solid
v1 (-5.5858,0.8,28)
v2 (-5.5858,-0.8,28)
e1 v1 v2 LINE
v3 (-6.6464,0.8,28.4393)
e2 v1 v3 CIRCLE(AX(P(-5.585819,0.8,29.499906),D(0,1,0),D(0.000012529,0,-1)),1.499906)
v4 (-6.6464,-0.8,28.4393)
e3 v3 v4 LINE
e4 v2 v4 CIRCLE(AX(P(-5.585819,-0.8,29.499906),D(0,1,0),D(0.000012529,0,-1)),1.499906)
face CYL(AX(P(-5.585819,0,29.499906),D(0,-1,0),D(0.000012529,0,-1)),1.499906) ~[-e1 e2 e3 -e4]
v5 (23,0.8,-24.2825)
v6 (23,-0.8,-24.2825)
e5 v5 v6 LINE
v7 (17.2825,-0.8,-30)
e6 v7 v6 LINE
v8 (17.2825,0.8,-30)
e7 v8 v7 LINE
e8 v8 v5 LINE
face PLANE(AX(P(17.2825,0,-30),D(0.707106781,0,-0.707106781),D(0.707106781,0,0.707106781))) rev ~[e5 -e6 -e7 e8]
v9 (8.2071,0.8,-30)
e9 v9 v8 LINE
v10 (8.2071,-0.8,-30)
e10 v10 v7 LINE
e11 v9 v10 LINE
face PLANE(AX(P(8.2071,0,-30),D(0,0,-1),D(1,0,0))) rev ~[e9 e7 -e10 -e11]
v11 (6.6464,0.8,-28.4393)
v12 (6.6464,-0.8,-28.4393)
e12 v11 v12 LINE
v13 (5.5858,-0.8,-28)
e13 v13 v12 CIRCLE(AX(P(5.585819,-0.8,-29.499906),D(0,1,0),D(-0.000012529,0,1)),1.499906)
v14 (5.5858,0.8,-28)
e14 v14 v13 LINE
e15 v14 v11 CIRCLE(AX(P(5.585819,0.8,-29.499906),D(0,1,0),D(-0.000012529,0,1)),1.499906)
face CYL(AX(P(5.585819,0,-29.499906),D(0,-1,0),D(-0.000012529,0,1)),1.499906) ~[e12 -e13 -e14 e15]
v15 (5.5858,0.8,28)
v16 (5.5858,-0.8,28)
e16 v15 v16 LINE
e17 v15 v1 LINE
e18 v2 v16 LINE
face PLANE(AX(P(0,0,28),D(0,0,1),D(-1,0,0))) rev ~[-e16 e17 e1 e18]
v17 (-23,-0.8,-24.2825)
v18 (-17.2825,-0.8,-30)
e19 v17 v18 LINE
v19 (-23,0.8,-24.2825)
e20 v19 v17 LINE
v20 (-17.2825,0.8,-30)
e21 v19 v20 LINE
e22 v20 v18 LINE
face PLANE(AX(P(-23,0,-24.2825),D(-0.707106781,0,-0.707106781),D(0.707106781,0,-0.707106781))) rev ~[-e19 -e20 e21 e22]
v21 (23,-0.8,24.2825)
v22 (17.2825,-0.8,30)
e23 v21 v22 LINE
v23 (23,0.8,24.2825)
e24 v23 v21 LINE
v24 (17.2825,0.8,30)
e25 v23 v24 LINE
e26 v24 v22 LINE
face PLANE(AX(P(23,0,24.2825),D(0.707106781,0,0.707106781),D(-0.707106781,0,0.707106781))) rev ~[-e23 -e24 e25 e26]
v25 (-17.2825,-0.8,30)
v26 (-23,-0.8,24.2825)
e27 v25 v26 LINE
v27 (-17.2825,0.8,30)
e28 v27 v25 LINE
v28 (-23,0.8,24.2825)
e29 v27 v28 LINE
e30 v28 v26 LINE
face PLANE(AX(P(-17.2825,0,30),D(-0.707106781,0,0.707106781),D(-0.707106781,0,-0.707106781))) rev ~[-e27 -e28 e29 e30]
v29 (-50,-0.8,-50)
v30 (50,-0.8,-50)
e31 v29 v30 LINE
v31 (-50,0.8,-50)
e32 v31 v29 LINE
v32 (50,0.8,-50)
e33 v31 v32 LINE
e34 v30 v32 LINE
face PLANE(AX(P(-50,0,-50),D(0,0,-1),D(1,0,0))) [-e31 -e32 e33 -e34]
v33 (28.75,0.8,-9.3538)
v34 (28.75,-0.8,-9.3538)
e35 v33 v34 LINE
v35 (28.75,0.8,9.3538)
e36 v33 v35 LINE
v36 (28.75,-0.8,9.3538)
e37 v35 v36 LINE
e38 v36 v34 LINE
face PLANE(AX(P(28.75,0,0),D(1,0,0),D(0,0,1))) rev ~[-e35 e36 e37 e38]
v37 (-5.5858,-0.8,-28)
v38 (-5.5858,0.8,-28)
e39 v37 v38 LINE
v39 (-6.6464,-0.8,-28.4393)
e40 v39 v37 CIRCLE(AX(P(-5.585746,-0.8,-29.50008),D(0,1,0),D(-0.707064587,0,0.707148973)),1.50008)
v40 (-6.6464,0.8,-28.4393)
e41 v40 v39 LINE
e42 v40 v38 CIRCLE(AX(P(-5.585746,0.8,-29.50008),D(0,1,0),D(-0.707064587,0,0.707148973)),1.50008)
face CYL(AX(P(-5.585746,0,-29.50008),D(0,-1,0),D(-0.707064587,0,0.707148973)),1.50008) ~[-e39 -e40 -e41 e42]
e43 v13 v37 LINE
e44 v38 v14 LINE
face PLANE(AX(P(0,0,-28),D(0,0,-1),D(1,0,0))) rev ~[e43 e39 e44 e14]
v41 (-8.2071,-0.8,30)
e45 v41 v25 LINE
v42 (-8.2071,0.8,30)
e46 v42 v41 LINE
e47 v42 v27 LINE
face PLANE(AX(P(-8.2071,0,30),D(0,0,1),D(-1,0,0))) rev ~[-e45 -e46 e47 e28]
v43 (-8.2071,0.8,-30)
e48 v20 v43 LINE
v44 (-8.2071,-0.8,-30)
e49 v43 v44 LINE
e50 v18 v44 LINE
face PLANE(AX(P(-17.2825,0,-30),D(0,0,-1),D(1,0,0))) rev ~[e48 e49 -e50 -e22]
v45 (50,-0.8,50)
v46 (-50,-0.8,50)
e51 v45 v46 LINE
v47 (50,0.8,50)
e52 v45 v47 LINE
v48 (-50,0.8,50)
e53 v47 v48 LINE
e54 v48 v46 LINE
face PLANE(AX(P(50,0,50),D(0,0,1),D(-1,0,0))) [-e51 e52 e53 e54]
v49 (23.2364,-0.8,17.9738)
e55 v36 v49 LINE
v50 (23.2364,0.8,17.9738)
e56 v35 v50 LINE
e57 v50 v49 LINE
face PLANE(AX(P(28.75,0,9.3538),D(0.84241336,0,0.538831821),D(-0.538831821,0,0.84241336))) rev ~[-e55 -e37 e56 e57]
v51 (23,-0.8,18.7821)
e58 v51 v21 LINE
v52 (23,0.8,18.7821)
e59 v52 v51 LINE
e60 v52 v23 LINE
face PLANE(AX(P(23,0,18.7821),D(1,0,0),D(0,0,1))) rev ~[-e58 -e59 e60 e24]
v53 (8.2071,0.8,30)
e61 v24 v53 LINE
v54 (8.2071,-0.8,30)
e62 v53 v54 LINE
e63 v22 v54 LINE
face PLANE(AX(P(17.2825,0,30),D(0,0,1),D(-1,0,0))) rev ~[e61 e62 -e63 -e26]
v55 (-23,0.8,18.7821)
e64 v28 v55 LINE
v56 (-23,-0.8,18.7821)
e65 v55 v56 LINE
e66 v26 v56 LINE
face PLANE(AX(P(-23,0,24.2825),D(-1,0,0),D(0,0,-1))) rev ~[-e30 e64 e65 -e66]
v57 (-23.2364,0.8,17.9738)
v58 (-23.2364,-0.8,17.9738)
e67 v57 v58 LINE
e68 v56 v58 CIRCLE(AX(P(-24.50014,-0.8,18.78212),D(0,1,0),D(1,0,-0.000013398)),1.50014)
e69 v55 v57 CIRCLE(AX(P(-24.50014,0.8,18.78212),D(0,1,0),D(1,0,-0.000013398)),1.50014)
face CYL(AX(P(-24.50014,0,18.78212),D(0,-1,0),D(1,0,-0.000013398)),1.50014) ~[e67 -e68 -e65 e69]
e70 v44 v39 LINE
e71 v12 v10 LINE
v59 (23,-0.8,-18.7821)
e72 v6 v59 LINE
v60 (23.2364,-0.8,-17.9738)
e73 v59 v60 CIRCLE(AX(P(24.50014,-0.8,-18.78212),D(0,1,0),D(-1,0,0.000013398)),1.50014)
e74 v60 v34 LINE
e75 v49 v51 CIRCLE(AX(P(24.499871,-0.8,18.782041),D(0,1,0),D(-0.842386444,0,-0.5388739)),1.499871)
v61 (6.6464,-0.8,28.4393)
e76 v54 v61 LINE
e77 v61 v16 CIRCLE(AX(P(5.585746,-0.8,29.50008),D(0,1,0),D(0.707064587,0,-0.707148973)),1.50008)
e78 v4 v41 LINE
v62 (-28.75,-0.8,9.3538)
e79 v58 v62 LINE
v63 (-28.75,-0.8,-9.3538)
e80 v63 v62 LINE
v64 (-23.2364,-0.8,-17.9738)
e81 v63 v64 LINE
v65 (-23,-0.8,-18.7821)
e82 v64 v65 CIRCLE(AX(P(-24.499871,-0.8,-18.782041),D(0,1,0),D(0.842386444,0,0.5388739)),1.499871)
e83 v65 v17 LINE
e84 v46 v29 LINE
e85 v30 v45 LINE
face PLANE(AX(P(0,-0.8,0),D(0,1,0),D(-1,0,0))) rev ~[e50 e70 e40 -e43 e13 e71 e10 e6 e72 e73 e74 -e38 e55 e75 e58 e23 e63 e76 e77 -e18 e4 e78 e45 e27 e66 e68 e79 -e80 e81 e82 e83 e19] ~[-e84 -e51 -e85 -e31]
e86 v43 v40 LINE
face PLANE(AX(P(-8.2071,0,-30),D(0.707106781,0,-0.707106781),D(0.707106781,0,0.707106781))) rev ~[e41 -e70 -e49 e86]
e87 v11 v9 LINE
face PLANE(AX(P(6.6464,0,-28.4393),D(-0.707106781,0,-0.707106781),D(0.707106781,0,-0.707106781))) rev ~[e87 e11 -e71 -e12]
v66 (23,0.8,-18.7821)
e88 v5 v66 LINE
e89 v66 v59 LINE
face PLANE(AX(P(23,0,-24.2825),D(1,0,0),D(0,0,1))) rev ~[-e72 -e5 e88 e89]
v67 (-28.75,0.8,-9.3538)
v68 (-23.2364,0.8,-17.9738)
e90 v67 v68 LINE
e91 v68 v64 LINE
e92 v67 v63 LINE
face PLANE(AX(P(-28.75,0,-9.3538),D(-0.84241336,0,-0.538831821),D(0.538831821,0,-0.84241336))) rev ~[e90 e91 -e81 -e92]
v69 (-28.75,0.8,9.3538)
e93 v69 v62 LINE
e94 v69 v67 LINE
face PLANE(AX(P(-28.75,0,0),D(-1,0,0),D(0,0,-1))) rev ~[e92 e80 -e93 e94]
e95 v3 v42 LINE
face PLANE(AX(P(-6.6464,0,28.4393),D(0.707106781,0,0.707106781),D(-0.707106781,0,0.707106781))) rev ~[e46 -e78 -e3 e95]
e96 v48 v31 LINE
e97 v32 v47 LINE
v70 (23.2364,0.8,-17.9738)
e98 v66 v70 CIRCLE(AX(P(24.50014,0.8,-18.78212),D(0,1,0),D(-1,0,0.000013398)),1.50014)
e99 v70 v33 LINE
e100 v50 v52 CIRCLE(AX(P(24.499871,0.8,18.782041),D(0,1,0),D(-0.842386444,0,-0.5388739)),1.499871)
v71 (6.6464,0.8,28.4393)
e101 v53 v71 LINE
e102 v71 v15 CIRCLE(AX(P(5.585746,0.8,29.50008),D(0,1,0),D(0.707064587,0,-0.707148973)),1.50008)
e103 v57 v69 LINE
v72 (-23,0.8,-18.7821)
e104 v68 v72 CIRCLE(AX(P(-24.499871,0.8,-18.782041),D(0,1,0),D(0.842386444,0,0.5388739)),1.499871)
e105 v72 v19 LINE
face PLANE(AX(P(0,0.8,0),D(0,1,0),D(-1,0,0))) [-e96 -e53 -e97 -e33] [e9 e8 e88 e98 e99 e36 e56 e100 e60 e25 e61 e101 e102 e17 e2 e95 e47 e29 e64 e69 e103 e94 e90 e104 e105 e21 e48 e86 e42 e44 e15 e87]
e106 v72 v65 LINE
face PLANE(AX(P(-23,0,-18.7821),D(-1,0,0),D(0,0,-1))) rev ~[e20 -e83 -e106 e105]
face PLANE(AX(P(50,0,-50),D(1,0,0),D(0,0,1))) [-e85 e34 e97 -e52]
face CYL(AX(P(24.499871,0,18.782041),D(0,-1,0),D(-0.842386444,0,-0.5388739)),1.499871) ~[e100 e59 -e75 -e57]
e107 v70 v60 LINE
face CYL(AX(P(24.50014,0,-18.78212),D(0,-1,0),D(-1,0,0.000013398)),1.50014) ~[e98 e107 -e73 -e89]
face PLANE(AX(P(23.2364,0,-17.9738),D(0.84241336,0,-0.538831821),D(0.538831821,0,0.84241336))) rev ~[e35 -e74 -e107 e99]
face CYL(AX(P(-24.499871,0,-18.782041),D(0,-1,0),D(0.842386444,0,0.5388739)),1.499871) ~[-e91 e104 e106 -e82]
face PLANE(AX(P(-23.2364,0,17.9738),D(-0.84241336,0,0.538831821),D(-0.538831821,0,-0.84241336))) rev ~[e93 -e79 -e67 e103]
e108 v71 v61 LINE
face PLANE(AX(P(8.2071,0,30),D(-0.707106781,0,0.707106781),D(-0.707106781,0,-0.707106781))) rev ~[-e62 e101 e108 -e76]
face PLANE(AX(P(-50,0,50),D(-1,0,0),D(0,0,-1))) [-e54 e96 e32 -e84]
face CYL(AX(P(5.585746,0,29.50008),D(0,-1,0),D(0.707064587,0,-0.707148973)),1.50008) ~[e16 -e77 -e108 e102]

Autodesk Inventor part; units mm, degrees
ref_plane "YZ Plane" through (0, 0, 0) normal (1, 0, 0) x (0, 1, 0)
ref_plane "XZ Plane" through (0, 0, 0) normal (0, 1, 0) x (-1, 0, 0)
ref_plane "XY Plane" through (0, 0, 0) normal (0, 0, 1) x (1, 0, 0)
sketch "Sketch1" plane through (0, 0, 0) normal (0, 1, 0) x (-1, 0, 0)
  line L0 (0, 0) -> (0, 28.5) construction
  line L1 (0, 28.5) -> (5.5858, 28.5) construction
  line L2 (6.2929, 28.7929) -> (7.7071, 30.2071) construction
  line L3 (8.4142, 30.5) -> (17.0754, 30.5) construction
  line L4 (17.7825, 30.2071) -> (23.2071, 24.7825) construction
  line L5 (23.5, 24.0754) -> (23.5, 18.7821) construction
  line L6 (23.6576, 18.2432) -> (29.0924, 9.7464) construction
  line L7 (29.25, 9.2075) -> (29.25, 0) construction
  line L8 (29.25, 0) -> (0, 0) construction
  arc A0 (29.25, 9.2075) -> (29.0924, 9.7464) centre (28.25, 9.2075) ccw construction
  arc A1 (23.5, 18.7821) -> (23.6576, 18.2432) centre (24.5, 18.7821) ccw construction
  arc A2 (23.5, 24.0754) -> (23.2071, 24.7825) centre (22.5, 24.0754) ccw construction
  arc A3 (17.7825, 30.2071) -> (17.0754, 30.5) centre (17.0754, 29.5) ccw construction
  arc A4 (8.4142, 30.5) -> (7.7071, 30.2071) centre (8.4142, 29.5) ccw construction
  arc A5 (5.5858, 28.5) -> (6.2929, 28.7929) centre (5.5858, 29.5) ccw construction
  line L9 (0, 28.5) -> (-5.5858, 28.5) construction
  line L10 (-6.2929, 28.7929) -> (-7.7071, 30.2071) construction
  line L11 (-8.4142, 30.5) -> (-17.0754, 30.5) construction
  line L12 (-17.7825, 30.2071) -> (-23.2071, 24.7825) construction
  line L13 (-23.5, 24.0754) -> (-23.5, 18.7821) construction
  line L14 (-23.6576, 18.2432) -> (-29.0924, 9.7464) construction
  line L15 (-29.25, 9.2075) -> (-29.25, 0) construction
  arc A6 (-29.0924, 9.7464) -> (-29.25, 9.2075) centre (-28.25, 9.2075) ccw construction
  arc A7 (-23.6576, 18.2432) -> (-23.5, 18.7821) centre (-24.5, 18.7821) ccw construction
  arc A8 (-23.2071, 24.7825) -> (-23.5, 24.0754) centre (-22.5, 24.0754) ccw construction
  arc A9 (-17.0754, 30.5) -> (-17.7825, 30.2071) centre (-17.0754, 29.5) ccw construction
  arc A10 (-7.7071, 30.2071) -> (-8.4142, 30.5) centre (-8.4142, 29.5) ccw construction
  arc A11 (-6.2929, 28.7929) -> (-5.5858, 28.5) centre (-5.5858, 29.5) ccw construction
  line L16 (0, -28.5) -> (5.5858, -28.5) construction
  line L17 (6.2929, -28.7929) -> (7.7071, -30.2071) construction
  line L18 (8.4142, -30.5) -> (17.0754, -30.5) construction
  line L19 (17.7825, -30.2071) -> (23.2071, -24.7825) construction
  line L20 (23.5, -24.0754) -> (23.5, -18.7821) construction
  line L21 (23.6576, -18.2432) -> (29.0924, -9.7464) construction
  line L22 (29.25, -9.2075) -> (29.25, 0) construction
  arc A12 (29.0924, -9.7464) -> (29.25, -9.2075) centre (28.25, -9.2075) ccw construction
  arc A13 (23.6576, -18.2432) -> (23.5, -18.7821) centre (24.5, -18.7821) ccw construction
  arc A14 (23.2071, -24.7825) -> (23.5, -24.0754) centre (22.5, -24.0754) ccw construction
  arc A15 (17.0754, -30.5) -> (17.7825, -30.2071) centre (17.0754, -29.5) ccw construction
  arc A16 (7.7071, -30.2071) -> (8.4142, -30.5) centre (8.4142, -29.5) ccw construction
  arc A17 (6.2929, -28.7929) -> (5.5858, -28.5) centre (5.5858, -29.5) ccw construction
  arc A18 (-23.5, -18.7821) -> (-23.6576, -18.2432) centre (-24.5, -18.7821) ccw construction
  line L23 (-23.6576, -18.2432) -> (-29.0924, -9.7464) construction
  arc A19 (-29.25, -9.2075) -> (-29.0924, -9.7464) centre (-28.25, -9.2075) ccw construction
  line L24 (-29.25, -9.2075) -> (-29.25, 0) construction
  line L25 (0, -28.5) -> (-5.5858, -28.5) construction
  line L26 (-6.2929, -28.7929) -> (-7.7071, -30.2071) construction
  line L27 (-8.4142, -30.5) -> (-17.0754, -30.5) construction
  line L28 (-23.5, -24.0754) -> (-23.5, -18.7821) construction
  arc A20 (-23.5, -24.0754) -> (-23.2071, -24.7825) centre (-22.5, -24.0754) ccw construction
  line L29 (-17.7825, -30.2071) -> (-23.2071, -24.7825) construction
  arc A21 (-17.7825, -30.2071) -> (-17.0754, -30.5) centre (-17.0754, -29.5) ccw construction
  arc A22 (-5.5858, -28.5) -> (-6.2929, -28.7929) centre (-5.5858, -29.5) ccw construction
  arc A23 (-8.4142, -30.5) -> (-7.7071, -30.2071) centre (-8.4142, -29.5) ccw construction
  line L30 (5.5858, -28) -> (0, -28)
  line L31 (0, -28) -> (-5.5858, -28)
  arc A24 (-5.5858, -28) -> (-6.6464, -28.4393) centre (-5.5858, -29.5) ccw
  line L32 (-6.6464, -28.4393) -> (-8.2071, -30)
  line L33 (-8.2071, -30) -> (-17.2825, -30)
  line L34 (-17.2825, -30) -> (-23, -24.2825)
  line L35 (-23, -24.2825) -> (-23, -18.7821)
  arc A25 (-23, -18.7821) -> (-23.2364, -17.9738) centre (-24.5, -18.7821) ccw
  line L36 (-23.2364, -17.9738) -> (-28.75, -9.3538)
  line L37 (-28.75, -9.3538) -> (-28.75, 0)
  line L38 (-28.75, 0) -> (-28.75, 9.3538)
  line L39 (-28.75, 9.3538) -> (-23.2364, 17.9738)
  arc A26 (-23.2364, 17.9738) -> (-23, 18.7821) centre (-24.5, 18.7821) ccw
  line L40 (-23, 18.7821) -> (-23, 24.2825)
  line L41 (-23, 24.2825) -> (-17.2825, 30)
  line L42 (-17.2825, 30) -> (-8.2071, 30)
  line L43 (-8.2071, 30) -> (-6.6464, 28.4393)
  arc A27 (-6.6464, 28.4393) -> (-5.5858, 28) centre (-5.5858, 29.5) ccw
  line L44 (-5.5858, 28) -> (0, 28)
  line L45 (0, 28) -> (5.5858, 28)
  arc A28 (5.5858, 28) -> (6.6464, 28.4393) centre (5.5858, 29.5) ccw
  line L46 (6.6464, 28.4393) -> (8.2071, 30)
  line L47 (8.2071, 30) -> (17.2825, 30)
  line L48 (17.2825, 30) -> (23, 24.2825)
  line L49 (23, 24.2825) -> (23, 18.7821)
  arc A29 (23, 18.7821) -> (23.2364, 17.9738) centre (24.5, 18.7821) ccw
  line L50 (23.2364, 17.9738) -> (28.75, 9.3538)
  line L51 (28.75, 9.3538) -> (28.75, 0)
  line L52 (28.75, 0) -> (28.75, -9.3538)
  line L53 (28.75, -9.3538) -> (23.2364, -17.9738)
  arc A30 (23.2364, -17.9738) -> (23, -18.7821) centre (24.5, -18.7821) ccw
  line L54 (23, -18.7821) -> (23, -24.2825)
  line L55 (23, -24.2825) -> (17.2825, -30)
  line L56 (17.2825, -30) -> (8.2071, -30)
  line L57 (8.2071, -30) -> (6.6464, -28.4393)
  arc A31 (6.6464, -28.4393) -> (5.5858, -28) centre (5.5858, -29.5) ccw
  line L58 (-50, 50) -> (50, 50)
  line L59 (50, 50) -> (50, -50)
  line L60 (50, -50) -> (-50, -50)
  line L61 (-50, -50) -> (-50, 50)
  line L62 (50, 0) -> (-50, 0) construction
  point P0 (6, 28.5)
  point P1 (17.4896, 30.5)
  point P2 (23.5, 24.4896)
  point P3 (23.5, 18.4896)
  point P4 (29.25, 9.5)
  point P5 (-6, 28.5)
  point P6 (-17.4896, 30.5)
  point P7 (-23.5, 24.4896)
  point P8 (-23.5, 18.4896)
  point P9 (-29.25, 9.5)
  point P10 (6, -28.5)
  point P11 (17.4896, -30.5)
  point P12 (23.5, -24.4896)
  point P13 (23.5, -18.4896)
  point P14 (29.25, -9.5)
  point P15 (-23.5, -18.4896)
  point P16 (-29.25, -9.5)
  point P17 (-6, -28.5)
  point P18 (-17.4896, -30.5)
  point P19 (-23.5, -24.4896)
  dimension "d0" = 45
  dimension "d1" = 6
  dimension "d2" = 30.5
  dimension "d3" = 28.5
  dimension "d4" = 29.25
  dimension "d5" = 6
  dimension "d6" = 9.5
  dimension "d7" = 23.5
  dimension "d8" = 8.5
  dimension "d9" = 1
  dimension "d10" = 0.5
  dimension "d11" = 100
extrude "Extrusion1" add sketch "Sketch1" along normal mid plane 1.6
equation "\"d10\" = offset"
equation "\"offset\" = 0.5"
properties part number "tarot_PCB_center"
